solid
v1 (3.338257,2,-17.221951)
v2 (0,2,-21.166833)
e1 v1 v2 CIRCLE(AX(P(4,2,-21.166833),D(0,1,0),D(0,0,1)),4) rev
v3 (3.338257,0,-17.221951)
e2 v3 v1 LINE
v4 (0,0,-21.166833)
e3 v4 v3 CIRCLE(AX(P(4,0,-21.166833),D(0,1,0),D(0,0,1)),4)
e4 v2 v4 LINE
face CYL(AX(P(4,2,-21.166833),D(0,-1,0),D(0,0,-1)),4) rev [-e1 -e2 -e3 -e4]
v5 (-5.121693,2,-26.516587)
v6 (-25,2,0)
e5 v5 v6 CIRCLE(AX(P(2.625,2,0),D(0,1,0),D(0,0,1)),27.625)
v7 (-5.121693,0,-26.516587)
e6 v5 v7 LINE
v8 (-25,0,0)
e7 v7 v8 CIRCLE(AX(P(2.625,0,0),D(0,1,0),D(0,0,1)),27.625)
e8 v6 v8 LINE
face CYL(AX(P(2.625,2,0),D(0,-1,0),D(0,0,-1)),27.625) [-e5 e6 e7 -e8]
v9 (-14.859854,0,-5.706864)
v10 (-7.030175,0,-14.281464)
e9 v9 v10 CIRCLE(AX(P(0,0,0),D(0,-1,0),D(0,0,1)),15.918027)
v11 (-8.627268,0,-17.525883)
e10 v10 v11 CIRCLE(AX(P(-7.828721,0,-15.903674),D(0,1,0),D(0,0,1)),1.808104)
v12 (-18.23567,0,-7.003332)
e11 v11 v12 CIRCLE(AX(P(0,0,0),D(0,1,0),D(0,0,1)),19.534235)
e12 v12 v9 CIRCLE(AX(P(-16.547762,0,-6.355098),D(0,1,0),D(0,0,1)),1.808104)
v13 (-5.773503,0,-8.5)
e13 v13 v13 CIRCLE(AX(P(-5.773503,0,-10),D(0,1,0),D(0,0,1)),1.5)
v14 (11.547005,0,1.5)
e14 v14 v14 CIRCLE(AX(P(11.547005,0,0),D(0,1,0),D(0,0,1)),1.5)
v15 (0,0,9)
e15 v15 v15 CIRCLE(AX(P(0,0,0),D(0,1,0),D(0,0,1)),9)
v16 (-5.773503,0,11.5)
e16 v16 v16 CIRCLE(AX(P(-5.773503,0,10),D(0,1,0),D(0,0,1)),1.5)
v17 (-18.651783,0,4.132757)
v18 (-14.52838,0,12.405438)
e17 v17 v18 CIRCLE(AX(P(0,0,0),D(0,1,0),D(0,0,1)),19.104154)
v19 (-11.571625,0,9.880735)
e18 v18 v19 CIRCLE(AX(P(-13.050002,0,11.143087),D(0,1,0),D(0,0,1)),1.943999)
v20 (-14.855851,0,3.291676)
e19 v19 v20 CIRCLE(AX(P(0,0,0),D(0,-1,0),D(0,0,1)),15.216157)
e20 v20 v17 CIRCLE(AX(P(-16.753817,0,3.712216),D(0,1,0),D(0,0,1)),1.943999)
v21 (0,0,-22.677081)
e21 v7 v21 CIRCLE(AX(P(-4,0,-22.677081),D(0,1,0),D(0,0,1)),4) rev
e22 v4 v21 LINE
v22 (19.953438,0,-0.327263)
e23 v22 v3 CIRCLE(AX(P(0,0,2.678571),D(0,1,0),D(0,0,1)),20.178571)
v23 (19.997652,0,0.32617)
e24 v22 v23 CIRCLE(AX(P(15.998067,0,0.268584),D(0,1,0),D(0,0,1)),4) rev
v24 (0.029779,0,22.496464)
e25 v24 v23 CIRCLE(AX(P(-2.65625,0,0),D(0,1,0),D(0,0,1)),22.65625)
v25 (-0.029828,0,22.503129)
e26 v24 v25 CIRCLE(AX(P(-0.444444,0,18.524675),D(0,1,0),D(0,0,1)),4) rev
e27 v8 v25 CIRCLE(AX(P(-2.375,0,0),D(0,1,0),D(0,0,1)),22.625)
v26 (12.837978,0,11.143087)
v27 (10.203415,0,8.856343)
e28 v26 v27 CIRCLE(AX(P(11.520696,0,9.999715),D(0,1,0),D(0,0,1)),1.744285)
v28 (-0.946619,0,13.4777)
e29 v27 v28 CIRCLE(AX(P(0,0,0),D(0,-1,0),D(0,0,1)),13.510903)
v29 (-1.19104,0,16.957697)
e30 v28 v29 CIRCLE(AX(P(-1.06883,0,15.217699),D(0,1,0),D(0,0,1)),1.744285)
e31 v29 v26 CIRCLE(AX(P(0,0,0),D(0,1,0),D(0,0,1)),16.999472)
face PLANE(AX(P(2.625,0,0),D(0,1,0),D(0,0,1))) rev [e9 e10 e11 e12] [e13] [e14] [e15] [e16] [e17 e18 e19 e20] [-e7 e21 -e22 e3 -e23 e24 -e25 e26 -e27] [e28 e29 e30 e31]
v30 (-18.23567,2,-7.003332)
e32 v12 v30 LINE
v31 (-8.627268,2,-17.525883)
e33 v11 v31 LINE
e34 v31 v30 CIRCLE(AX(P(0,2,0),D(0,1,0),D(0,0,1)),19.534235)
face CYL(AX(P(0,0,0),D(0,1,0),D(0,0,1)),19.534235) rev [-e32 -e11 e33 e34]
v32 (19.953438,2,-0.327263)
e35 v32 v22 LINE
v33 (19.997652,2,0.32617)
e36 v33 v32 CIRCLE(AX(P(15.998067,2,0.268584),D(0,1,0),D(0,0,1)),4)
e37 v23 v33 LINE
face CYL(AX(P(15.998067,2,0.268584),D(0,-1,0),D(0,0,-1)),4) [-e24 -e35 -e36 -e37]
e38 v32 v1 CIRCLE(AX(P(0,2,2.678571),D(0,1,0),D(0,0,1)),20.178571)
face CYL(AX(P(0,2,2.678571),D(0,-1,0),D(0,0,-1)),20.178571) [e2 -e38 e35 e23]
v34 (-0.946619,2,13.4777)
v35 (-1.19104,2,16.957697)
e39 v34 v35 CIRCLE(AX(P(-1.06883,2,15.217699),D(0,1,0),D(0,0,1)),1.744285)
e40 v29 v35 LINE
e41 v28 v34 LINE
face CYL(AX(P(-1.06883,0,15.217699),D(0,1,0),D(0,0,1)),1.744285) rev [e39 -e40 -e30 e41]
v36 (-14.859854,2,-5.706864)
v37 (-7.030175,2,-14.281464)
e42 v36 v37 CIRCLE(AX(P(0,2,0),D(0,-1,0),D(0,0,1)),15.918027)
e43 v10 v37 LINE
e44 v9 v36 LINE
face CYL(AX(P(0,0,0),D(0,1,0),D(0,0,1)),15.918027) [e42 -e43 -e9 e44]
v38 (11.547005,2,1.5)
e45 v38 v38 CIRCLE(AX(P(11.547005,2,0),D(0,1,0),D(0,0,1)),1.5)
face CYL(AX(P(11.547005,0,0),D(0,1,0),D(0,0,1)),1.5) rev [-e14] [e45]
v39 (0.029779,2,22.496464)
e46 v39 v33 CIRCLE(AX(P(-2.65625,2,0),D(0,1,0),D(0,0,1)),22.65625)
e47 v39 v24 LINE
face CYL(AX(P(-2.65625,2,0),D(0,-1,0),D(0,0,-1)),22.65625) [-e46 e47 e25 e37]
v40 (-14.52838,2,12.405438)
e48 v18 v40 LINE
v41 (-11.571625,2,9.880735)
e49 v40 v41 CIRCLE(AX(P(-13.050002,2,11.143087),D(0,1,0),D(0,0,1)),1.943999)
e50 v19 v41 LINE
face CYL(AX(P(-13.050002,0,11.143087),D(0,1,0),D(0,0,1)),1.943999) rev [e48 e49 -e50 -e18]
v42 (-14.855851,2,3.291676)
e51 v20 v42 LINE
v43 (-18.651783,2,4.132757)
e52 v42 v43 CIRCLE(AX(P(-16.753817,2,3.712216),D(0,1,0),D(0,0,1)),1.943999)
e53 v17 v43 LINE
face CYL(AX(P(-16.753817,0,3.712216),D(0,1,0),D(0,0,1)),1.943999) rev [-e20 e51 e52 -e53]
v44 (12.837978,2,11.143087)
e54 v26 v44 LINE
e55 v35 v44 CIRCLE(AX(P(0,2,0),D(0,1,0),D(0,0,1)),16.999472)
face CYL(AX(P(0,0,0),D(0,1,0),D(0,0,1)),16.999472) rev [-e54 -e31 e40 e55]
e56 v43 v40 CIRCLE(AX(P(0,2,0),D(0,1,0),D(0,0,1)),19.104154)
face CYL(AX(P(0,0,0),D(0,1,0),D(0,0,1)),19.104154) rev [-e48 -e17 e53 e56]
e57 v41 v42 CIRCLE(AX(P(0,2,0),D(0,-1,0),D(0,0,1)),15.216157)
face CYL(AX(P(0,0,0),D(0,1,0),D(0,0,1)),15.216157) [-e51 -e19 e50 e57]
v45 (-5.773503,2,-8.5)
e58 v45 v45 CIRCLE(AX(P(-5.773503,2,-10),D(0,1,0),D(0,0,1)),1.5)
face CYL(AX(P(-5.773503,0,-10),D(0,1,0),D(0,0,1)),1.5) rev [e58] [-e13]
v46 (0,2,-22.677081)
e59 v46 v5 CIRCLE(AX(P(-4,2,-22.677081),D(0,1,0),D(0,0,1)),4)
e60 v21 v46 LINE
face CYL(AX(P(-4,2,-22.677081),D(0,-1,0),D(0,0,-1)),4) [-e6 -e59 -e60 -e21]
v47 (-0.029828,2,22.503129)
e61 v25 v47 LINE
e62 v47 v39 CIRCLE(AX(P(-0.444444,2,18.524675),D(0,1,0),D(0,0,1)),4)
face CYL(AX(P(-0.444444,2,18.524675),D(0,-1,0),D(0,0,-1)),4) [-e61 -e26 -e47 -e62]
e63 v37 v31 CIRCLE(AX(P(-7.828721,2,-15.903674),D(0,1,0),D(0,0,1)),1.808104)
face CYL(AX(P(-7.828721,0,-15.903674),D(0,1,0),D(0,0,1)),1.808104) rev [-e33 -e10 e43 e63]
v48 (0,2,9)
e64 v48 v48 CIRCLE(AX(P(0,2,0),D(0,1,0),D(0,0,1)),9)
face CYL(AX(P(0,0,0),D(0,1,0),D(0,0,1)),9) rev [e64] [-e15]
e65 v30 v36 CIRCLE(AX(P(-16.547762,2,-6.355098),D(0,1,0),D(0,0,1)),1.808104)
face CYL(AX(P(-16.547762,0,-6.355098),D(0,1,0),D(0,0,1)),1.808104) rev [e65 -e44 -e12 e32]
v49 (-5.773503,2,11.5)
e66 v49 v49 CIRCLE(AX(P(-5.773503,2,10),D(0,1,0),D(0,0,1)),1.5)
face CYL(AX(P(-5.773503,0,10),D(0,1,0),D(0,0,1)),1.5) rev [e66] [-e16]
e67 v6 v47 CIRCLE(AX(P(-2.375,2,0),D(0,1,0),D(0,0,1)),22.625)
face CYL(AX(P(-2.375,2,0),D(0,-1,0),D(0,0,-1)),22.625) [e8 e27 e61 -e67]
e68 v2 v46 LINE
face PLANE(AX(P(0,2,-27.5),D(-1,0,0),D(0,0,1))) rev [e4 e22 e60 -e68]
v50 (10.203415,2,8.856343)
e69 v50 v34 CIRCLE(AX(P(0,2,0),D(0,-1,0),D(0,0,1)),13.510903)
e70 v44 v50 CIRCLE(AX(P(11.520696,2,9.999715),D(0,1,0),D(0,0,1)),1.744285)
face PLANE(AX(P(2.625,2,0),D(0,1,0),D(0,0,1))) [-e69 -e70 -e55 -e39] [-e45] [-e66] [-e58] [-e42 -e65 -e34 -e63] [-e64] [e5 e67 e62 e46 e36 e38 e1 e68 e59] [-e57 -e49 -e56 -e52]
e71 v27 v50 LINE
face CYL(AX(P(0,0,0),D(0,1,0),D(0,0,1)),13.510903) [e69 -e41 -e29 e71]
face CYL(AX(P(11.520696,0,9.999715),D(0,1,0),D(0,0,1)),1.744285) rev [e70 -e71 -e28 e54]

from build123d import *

# Parameters (mm, degrees)
BOSS_EXTRUDE1_DEPTH = 2
SKETCH2_R           = 9
CUT_EXTRUDE1_DEPTH  = 3
FILLET1_R           = 4
SKETCH4_R           = 1.5
CUT_EXTRUDE2_DEPTH  = 3.0000001
CUT_EXTRUDE3_DEPTH  = 3.0000001


with BuildPart() as part:
    # Sketch1 → Boss-Extrude1 (new body)
    with BuildSketch(Plane(origin=(0, 0, 0), x_dir=(1, 0, 0), z_dir=(0, 1, 0))):
        with BuildLine():
            Line((0, 27.5), (0, 17.5))
            ThreePointArc((0, 17.5), (13.287682266, 12.507351161), (20, 0))
            ThreePointArc((20, 0), (14.277242376, -15.051993223), (0, -22.5))
            ThreePointArc((0, -22.5), (-17.510327053, -16.817030059), (-25, 0))
            ThreePointArc((-25, 0), (-17.815844528, 18.582585934), (0, 27.5))
        make_face()
    extrude(amount=BOSS_EXTRUDE1_DEPTH)

    # Sketch2 → Cut-Extrude1 (cut, through all)
    with BuildSketch(Plane(origin=(0, 2, 0), x_dir=(1, 0, 0), z_dir=(0, 1, 0))):
        Circle(SKETCH2_R)
    extrude(amount=-CUT_EXTRUDE1_DEPTH, mode=Mode.SUBTRACT)

    # Fillet1
    fillet1_edges = [part.edges().sort_by_distance(p)[0] for p in [
        (0, 1, -27.5),
        (0, 1, -17.5),
        (20, 1, 0),
        (0, 1, 22.5),
    ]]
    fillet(fillet1_edges, radius=FILLET1_R)

    # Sketch4 → Cut-Extrude2 (cut, through all)
    with BuildSketch(Plane(origin=(0, 2, 0), x_dir=(1, 0, 0), z_dir=(0, 1, 0))):
        with Locations((-5.773502692, 10)):
            Circle(SKETCH4_R)
        with Locations((11.547005384, 0)):
            Circle(SKETCH4_R)
        with Locations((-5.773502692, -10)):
            Circle(SKETCH4_R)
    extrude(amount=-CUT_EXTRUDE2_DEPTH, mode=Mode.SUBTRACT)

    # Sketch5 → Cut-Extrude3 (cut, through all)
    with BuildSketch(Plane(origin=(0, 2, 0), x_dir=(1, 0, 0), z_dir=(0, 1, 0))):
        with BuildLine():
            ThreePointArc((-18.651783434, -4.132756796), (-17.097956543, -8.522240669), (-14.528379596, -12.405437933))
            ThreePointArc((-14.528379596, -12.405437933), (-11.787650951, -12.621464013), (-11.571624871, -9.880735369))
            ThreePointArc((-11.571624871, -9.880735369), (-13.618252323, -6.787830084), (-14.855850898, -3.291675511))
            ThreePointArc((-14.855850898, -3.291675511), (-17.174357809, -1.814249886), (-18.651783434, -4.132756796))
        make_face()
        with BuildLine():
            ThreePointArc((-1.191040224, -16.957696658), (6.508856337, -15.704039033), (12.837977748, -11.143086651))
            ThreePointArc((12.837977748, -11.143086651), (12.664068084, -8.682433661), (10.203415094, -8.856343325))
            ThreePointArc((10.203415094, -8.856343325), (5.173132739, -12.481313807), (-0.946619322, -13.477700417))
            ThreePointArc((-0.946619322, -13.477700417), (-2.808827894, -15.095488087), (-1.191040224, -16.957696658))
        make_face()
        with BuildLine():
            ThreePointArc((-8.627267861, 17.525882988), (-14.425164825, 13.171975745), (-18.235670183, 7.003331939))
            ThreePointArc((-18.235670183, 7.003331939), (-17.195996196, 4.667190222), (-14.859854479, 5.706864208))
            ThreePointArc((-14.859854479, 5.706864208), (-11.754755816, 10.733559053), (-7.03017458, 14.281464197))
            ThreePointArc((-7.03017458, 14.281464197), (-6.206511825, 16.702220233), (-8.627267861, 17.525882988))
        make_face()
    extrude(amount=-CUT_EXTRUDE3_DEPTH, mode=Mode.SUBTRACT)


solid = part.part
